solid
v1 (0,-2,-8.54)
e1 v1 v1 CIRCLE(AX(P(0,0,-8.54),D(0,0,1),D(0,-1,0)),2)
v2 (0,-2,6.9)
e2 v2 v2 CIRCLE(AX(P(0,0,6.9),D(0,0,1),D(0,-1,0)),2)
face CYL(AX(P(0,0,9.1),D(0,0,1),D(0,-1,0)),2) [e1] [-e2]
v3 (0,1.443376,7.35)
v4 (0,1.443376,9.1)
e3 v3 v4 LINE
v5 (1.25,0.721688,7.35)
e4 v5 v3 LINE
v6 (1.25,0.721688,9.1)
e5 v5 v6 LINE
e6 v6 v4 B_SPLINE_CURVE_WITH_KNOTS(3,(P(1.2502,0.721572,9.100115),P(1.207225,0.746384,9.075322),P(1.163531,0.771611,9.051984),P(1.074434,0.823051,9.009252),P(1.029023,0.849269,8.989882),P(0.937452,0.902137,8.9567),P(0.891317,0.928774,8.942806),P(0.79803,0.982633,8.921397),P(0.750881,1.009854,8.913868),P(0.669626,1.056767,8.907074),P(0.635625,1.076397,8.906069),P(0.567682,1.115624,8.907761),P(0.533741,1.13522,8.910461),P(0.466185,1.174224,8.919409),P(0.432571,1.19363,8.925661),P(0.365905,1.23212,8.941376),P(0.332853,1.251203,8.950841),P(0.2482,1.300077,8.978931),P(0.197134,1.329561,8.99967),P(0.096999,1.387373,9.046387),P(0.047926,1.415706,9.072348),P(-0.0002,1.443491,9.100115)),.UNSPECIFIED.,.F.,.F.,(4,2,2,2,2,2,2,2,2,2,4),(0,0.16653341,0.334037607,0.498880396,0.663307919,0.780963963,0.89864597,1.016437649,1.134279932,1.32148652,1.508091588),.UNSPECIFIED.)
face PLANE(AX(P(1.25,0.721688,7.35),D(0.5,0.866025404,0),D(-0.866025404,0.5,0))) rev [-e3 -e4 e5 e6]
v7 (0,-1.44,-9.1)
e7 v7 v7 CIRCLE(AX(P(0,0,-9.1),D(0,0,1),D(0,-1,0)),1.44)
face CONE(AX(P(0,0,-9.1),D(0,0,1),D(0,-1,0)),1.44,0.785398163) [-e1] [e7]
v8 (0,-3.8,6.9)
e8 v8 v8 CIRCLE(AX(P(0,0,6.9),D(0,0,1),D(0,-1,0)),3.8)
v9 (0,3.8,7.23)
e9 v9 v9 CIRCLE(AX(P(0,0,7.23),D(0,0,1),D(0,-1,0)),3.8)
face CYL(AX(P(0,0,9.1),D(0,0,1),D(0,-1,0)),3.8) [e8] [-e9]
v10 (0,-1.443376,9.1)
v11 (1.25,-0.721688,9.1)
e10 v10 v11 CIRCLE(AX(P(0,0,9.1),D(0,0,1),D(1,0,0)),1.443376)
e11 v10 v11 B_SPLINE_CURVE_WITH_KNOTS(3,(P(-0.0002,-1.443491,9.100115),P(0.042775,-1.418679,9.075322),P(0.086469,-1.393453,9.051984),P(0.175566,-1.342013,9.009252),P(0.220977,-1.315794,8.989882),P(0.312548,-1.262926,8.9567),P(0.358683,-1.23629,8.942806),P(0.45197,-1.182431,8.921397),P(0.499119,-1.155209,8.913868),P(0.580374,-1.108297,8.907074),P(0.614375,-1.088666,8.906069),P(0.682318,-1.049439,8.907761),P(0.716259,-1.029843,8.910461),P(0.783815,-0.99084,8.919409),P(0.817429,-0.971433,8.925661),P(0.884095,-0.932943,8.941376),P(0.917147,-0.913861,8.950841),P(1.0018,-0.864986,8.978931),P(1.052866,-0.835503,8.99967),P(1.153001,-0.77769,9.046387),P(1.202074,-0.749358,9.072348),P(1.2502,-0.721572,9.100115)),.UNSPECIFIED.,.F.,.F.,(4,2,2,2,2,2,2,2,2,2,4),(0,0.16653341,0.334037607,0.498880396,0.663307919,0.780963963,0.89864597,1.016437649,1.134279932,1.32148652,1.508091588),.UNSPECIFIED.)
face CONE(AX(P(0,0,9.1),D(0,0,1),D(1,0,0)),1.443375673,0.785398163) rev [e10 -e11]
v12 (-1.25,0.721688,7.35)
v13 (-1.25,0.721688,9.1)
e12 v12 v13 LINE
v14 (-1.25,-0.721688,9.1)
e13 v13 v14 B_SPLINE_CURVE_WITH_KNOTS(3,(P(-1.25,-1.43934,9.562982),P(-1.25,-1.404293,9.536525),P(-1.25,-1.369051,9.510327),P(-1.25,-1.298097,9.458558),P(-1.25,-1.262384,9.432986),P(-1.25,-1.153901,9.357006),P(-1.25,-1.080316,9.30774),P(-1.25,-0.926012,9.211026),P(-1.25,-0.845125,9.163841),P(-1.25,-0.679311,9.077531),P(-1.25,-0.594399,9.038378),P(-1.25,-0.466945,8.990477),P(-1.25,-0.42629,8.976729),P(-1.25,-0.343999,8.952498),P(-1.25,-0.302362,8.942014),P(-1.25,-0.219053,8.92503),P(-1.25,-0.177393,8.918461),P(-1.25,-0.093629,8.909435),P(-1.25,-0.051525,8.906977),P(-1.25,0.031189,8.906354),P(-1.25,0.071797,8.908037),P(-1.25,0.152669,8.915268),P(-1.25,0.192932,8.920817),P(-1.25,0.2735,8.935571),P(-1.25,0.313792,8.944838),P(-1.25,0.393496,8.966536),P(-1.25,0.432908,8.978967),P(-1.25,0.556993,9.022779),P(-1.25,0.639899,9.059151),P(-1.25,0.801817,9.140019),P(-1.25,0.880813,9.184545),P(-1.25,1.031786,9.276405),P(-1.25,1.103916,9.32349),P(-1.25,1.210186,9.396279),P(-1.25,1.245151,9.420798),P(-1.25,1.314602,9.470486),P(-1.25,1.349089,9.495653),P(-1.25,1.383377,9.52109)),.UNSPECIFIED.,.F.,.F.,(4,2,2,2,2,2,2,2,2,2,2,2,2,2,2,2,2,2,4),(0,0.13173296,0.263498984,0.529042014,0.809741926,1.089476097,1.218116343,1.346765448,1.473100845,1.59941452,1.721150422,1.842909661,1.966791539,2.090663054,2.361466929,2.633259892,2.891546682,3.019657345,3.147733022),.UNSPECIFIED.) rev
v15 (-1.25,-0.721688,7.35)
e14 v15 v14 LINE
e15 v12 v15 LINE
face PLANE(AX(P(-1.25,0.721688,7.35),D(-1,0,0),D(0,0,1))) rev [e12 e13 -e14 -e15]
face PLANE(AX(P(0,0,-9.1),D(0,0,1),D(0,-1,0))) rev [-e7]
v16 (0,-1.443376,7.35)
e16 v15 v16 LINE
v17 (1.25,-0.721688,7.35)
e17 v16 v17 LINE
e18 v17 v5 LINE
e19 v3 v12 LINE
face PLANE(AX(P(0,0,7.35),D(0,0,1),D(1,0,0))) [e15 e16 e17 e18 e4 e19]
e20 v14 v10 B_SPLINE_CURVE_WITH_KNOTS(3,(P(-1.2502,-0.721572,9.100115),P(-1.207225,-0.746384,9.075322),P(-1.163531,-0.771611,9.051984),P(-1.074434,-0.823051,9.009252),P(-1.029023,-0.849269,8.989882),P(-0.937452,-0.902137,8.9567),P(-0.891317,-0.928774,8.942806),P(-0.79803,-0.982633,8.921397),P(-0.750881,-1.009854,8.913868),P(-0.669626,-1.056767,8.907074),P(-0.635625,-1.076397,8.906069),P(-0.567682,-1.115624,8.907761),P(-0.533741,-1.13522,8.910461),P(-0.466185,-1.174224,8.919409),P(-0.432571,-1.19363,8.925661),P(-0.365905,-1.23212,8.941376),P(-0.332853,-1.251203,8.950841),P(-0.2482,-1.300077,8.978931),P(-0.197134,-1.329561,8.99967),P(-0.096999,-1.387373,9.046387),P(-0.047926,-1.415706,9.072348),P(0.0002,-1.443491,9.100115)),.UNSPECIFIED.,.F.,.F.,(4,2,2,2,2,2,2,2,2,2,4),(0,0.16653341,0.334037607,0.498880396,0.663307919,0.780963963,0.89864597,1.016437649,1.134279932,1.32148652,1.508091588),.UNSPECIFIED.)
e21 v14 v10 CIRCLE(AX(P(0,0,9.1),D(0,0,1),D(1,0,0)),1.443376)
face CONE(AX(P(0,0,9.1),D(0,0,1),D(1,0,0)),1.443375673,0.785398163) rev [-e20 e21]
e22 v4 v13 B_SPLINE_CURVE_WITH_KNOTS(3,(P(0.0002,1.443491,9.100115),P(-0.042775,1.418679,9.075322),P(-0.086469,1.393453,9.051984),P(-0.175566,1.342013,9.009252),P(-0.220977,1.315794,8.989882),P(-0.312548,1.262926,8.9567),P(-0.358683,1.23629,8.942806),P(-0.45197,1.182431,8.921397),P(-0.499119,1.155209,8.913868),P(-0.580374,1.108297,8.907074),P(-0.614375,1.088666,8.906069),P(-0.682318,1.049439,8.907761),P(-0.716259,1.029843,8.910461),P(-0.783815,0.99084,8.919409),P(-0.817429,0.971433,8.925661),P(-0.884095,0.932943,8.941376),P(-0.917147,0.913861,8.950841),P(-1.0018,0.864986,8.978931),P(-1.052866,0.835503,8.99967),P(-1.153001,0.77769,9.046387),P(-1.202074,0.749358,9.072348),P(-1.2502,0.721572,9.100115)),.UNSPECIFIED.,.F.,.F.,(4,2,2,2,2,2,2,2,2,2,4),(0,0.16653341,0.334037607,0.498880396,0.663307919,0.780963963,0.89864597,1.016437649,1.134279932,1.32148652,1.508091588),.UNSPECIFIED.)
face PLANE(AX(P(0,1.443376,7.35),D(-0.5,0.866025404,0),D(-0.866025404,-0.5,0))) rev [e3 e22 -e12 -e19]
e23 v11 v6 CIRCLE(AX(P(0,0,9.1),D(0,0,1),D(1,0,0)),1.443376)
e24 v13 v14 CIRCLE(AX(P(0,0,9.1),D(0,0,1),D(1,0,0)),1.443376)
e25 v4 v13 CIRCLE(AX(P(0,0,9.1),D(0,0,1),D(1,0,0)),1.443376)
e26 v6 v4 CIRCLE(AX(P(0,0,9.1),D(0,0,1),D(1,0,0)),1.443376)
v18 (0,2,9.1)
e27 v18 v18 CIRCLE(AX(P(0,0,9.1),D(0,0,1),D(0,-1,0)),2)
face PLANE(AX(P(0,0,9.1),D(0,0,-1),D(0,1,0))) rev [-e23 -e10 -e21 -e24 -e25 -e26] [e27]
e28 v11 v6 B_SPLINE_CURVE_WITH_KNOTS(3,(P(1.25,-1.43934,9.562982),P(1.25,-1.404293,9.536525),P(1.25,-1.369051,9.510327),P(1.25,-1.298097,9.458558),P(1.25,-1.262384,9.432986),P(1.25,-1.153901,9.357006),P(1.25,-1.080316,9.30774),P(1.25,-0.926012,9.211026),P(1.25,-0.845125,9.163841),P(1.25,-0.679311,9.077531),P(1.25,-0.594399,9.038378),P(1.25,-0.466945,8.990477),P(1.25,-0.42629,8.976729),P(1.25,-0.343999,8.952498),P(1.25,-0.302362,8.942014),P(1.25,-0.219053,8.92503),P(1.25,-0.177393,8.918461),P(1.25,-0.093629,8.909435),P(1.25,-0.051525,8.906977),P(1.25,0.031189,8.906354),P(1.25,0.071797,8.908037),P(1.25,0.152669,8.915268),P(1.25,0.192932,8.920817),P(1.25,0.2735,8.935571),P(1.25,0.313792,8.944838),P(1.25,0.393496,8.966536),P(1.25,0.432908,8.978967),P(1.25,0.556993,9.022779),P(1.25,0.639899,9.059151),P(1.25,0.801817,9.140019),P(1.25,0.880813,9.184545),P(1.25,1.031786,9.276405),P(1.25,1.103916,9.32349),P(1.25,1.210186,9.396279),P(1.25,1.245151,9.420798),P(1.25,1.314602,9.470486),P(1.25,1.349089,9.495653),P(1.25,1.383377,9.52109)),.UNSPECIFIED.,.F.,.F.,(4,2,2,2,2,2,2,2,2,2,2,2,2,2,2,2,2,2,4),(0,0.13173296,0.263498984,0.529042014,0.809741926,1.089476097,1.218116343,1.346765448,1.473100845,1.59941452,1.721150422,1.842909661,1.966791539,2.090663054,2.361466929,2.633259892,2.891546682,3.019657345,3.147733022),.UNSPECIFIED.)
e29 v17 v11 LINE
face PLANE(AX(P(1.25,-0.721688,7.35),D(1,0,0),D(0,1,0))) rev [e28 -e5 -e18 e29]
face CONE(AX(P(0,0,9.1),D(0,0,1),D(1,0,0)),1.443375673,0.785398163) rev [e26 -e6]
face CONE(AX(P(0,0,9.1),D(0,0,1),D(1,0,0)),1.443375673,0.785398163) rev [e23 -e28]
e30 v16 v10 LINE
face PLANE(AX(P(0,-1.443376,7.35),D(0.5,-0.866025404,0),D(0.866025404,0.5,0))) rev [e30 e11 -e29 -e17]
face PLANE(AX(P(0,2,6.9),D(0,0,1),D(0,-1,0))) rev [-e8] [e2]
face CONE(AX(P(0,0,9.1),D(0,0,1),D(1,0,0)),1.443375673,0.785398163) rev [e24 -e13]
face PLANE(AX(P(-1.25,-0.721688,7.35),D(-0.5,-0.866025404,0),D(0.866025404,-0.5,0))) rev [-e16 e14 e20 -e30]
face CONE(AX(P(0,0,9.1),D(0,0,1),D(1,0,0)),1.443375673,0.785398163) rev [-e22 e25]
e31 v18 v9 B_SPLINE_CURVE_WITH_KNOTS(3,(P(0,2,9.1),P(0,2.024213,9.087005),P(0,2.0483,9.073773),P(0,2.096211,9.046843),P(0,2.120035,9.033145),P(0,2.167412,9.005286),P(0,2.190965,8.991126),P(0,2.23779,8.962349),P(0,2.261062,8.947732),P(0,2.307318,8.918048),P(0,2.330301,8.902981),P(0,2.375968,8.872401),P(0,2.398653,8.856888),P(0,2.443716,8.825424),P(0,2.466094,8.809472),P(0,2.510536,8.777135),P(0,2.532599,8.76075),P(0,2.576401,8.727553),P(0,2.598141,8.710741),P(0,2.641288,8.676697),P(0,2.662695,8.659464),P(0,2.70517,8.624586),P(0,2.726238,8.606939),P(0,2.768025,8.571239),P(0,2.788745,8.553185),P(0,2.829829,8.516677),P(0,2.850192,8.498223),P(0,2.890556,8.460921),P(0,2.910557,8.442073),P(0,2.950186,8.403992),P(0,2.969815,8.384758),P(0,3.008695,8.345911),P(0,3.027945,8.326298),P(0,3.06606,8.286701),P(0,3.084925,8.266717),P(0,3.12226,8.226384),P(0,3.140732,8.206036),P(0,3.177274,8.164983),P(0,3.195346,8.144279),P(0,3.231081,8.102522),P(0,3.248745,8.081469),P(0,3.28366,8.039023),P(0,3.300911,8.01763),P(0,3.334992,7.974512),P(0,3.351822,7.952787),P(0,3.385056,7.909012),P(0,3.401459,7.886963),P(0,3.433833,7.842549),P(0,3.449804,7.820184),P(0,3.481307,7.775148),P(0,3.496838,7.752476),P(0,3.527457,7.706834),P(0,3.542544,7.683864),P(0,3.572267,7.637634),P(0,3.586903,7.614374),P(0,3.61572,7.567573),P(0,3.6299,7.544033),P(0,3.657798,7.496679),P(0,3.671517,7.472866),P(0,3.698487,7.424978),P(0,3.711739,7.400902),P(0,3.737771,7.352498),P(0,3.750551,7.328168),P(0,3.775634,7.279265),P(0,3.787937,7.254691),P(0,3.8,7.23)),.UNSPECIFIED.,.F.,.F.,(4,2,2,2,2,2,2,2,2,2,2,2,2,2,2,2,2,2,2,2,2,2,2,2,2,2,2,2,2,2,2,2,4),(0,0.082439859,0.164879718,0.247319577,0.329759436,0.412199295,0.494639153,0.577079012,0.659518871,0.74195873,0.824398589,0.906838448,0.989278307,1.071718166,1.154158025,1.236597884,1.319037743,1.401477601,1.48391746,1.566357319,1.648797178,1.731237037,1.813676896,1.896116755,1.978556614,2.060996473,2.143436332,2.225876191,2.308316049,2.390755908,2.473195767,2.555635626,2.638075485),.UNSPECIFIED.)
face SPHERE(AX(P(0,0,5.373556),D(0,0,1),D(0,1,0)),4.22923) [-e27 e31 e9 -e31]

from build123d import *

# Parameters (mm, degrees)
CUT_EXTRUDE1_DEPTH = 1.75


with BuildPart() as part:
    # Sketch2 → Revolve1 (revolve)
    with BuildSketch(Plane(origin=(0, 0, 0), x_dir=(0, 0, -1), z_dir=(1, 0, 0)), mode=Mode.PRIVATE) as revolve1_sk:
        with BuildLine():
            Line((-9.1, 0), (9.1, 0))
            Line((9.1, 0), (9.1, 1.44))
            Line((9.1, 1.44), (8.54, 2))
            Line((8.54, 2), (-6.9, 2))
            Line((-6.9, 2), (-6.9, 3.8))
            Line((-6.9, 3.8), (-7.23, 3.8))
            ThreePointArc((-7.23, 3.8), (-8.306499853, 3.047002626), (-9.1, 2))
            Line((-9.1, 2), (-9.1, 0))
        make_face()
    revolve(revolve1_sk.sketch.rotate(Axis((0, 0, 9.1), (0, 0, -1)), 180), axis=Axis((0, 0, 9.1), (0, 0, -1)))

    # Sketch3 → Cut-Extrude1 (cut)
    with BuildSketch(Plane.XY.offset(9.1)):
        Polygon((0, 1.443375673), (-1.25, 0.721687836), (-1.25, -0.721687836), (0, -1.443375673), (1.25, -0.721687836), (1.25, 0.721687836), align=None)
    extrude(amount=-CUT_EXTRUDE1_DEPTH, mode=Mode.SUBTRACT)

    # Cut-Extrude2 cone 1 section (through the dimple's axis) → Cut-Extrude2 (revolve, cut)
    with BuildSketch(Plane(origin=(0, 0, 9.1), x_dir=(0, -1, 0), z_dir=(1, 0, 0))):
        Polygon((0, 0), (1.443375673, 0), (0, 1.443375673), align=None)
    revolve(axis=Axis((0, 0, 9.1), (0, 0, -1)), mode=Mode.SUBTRACT)


solid = part.part
